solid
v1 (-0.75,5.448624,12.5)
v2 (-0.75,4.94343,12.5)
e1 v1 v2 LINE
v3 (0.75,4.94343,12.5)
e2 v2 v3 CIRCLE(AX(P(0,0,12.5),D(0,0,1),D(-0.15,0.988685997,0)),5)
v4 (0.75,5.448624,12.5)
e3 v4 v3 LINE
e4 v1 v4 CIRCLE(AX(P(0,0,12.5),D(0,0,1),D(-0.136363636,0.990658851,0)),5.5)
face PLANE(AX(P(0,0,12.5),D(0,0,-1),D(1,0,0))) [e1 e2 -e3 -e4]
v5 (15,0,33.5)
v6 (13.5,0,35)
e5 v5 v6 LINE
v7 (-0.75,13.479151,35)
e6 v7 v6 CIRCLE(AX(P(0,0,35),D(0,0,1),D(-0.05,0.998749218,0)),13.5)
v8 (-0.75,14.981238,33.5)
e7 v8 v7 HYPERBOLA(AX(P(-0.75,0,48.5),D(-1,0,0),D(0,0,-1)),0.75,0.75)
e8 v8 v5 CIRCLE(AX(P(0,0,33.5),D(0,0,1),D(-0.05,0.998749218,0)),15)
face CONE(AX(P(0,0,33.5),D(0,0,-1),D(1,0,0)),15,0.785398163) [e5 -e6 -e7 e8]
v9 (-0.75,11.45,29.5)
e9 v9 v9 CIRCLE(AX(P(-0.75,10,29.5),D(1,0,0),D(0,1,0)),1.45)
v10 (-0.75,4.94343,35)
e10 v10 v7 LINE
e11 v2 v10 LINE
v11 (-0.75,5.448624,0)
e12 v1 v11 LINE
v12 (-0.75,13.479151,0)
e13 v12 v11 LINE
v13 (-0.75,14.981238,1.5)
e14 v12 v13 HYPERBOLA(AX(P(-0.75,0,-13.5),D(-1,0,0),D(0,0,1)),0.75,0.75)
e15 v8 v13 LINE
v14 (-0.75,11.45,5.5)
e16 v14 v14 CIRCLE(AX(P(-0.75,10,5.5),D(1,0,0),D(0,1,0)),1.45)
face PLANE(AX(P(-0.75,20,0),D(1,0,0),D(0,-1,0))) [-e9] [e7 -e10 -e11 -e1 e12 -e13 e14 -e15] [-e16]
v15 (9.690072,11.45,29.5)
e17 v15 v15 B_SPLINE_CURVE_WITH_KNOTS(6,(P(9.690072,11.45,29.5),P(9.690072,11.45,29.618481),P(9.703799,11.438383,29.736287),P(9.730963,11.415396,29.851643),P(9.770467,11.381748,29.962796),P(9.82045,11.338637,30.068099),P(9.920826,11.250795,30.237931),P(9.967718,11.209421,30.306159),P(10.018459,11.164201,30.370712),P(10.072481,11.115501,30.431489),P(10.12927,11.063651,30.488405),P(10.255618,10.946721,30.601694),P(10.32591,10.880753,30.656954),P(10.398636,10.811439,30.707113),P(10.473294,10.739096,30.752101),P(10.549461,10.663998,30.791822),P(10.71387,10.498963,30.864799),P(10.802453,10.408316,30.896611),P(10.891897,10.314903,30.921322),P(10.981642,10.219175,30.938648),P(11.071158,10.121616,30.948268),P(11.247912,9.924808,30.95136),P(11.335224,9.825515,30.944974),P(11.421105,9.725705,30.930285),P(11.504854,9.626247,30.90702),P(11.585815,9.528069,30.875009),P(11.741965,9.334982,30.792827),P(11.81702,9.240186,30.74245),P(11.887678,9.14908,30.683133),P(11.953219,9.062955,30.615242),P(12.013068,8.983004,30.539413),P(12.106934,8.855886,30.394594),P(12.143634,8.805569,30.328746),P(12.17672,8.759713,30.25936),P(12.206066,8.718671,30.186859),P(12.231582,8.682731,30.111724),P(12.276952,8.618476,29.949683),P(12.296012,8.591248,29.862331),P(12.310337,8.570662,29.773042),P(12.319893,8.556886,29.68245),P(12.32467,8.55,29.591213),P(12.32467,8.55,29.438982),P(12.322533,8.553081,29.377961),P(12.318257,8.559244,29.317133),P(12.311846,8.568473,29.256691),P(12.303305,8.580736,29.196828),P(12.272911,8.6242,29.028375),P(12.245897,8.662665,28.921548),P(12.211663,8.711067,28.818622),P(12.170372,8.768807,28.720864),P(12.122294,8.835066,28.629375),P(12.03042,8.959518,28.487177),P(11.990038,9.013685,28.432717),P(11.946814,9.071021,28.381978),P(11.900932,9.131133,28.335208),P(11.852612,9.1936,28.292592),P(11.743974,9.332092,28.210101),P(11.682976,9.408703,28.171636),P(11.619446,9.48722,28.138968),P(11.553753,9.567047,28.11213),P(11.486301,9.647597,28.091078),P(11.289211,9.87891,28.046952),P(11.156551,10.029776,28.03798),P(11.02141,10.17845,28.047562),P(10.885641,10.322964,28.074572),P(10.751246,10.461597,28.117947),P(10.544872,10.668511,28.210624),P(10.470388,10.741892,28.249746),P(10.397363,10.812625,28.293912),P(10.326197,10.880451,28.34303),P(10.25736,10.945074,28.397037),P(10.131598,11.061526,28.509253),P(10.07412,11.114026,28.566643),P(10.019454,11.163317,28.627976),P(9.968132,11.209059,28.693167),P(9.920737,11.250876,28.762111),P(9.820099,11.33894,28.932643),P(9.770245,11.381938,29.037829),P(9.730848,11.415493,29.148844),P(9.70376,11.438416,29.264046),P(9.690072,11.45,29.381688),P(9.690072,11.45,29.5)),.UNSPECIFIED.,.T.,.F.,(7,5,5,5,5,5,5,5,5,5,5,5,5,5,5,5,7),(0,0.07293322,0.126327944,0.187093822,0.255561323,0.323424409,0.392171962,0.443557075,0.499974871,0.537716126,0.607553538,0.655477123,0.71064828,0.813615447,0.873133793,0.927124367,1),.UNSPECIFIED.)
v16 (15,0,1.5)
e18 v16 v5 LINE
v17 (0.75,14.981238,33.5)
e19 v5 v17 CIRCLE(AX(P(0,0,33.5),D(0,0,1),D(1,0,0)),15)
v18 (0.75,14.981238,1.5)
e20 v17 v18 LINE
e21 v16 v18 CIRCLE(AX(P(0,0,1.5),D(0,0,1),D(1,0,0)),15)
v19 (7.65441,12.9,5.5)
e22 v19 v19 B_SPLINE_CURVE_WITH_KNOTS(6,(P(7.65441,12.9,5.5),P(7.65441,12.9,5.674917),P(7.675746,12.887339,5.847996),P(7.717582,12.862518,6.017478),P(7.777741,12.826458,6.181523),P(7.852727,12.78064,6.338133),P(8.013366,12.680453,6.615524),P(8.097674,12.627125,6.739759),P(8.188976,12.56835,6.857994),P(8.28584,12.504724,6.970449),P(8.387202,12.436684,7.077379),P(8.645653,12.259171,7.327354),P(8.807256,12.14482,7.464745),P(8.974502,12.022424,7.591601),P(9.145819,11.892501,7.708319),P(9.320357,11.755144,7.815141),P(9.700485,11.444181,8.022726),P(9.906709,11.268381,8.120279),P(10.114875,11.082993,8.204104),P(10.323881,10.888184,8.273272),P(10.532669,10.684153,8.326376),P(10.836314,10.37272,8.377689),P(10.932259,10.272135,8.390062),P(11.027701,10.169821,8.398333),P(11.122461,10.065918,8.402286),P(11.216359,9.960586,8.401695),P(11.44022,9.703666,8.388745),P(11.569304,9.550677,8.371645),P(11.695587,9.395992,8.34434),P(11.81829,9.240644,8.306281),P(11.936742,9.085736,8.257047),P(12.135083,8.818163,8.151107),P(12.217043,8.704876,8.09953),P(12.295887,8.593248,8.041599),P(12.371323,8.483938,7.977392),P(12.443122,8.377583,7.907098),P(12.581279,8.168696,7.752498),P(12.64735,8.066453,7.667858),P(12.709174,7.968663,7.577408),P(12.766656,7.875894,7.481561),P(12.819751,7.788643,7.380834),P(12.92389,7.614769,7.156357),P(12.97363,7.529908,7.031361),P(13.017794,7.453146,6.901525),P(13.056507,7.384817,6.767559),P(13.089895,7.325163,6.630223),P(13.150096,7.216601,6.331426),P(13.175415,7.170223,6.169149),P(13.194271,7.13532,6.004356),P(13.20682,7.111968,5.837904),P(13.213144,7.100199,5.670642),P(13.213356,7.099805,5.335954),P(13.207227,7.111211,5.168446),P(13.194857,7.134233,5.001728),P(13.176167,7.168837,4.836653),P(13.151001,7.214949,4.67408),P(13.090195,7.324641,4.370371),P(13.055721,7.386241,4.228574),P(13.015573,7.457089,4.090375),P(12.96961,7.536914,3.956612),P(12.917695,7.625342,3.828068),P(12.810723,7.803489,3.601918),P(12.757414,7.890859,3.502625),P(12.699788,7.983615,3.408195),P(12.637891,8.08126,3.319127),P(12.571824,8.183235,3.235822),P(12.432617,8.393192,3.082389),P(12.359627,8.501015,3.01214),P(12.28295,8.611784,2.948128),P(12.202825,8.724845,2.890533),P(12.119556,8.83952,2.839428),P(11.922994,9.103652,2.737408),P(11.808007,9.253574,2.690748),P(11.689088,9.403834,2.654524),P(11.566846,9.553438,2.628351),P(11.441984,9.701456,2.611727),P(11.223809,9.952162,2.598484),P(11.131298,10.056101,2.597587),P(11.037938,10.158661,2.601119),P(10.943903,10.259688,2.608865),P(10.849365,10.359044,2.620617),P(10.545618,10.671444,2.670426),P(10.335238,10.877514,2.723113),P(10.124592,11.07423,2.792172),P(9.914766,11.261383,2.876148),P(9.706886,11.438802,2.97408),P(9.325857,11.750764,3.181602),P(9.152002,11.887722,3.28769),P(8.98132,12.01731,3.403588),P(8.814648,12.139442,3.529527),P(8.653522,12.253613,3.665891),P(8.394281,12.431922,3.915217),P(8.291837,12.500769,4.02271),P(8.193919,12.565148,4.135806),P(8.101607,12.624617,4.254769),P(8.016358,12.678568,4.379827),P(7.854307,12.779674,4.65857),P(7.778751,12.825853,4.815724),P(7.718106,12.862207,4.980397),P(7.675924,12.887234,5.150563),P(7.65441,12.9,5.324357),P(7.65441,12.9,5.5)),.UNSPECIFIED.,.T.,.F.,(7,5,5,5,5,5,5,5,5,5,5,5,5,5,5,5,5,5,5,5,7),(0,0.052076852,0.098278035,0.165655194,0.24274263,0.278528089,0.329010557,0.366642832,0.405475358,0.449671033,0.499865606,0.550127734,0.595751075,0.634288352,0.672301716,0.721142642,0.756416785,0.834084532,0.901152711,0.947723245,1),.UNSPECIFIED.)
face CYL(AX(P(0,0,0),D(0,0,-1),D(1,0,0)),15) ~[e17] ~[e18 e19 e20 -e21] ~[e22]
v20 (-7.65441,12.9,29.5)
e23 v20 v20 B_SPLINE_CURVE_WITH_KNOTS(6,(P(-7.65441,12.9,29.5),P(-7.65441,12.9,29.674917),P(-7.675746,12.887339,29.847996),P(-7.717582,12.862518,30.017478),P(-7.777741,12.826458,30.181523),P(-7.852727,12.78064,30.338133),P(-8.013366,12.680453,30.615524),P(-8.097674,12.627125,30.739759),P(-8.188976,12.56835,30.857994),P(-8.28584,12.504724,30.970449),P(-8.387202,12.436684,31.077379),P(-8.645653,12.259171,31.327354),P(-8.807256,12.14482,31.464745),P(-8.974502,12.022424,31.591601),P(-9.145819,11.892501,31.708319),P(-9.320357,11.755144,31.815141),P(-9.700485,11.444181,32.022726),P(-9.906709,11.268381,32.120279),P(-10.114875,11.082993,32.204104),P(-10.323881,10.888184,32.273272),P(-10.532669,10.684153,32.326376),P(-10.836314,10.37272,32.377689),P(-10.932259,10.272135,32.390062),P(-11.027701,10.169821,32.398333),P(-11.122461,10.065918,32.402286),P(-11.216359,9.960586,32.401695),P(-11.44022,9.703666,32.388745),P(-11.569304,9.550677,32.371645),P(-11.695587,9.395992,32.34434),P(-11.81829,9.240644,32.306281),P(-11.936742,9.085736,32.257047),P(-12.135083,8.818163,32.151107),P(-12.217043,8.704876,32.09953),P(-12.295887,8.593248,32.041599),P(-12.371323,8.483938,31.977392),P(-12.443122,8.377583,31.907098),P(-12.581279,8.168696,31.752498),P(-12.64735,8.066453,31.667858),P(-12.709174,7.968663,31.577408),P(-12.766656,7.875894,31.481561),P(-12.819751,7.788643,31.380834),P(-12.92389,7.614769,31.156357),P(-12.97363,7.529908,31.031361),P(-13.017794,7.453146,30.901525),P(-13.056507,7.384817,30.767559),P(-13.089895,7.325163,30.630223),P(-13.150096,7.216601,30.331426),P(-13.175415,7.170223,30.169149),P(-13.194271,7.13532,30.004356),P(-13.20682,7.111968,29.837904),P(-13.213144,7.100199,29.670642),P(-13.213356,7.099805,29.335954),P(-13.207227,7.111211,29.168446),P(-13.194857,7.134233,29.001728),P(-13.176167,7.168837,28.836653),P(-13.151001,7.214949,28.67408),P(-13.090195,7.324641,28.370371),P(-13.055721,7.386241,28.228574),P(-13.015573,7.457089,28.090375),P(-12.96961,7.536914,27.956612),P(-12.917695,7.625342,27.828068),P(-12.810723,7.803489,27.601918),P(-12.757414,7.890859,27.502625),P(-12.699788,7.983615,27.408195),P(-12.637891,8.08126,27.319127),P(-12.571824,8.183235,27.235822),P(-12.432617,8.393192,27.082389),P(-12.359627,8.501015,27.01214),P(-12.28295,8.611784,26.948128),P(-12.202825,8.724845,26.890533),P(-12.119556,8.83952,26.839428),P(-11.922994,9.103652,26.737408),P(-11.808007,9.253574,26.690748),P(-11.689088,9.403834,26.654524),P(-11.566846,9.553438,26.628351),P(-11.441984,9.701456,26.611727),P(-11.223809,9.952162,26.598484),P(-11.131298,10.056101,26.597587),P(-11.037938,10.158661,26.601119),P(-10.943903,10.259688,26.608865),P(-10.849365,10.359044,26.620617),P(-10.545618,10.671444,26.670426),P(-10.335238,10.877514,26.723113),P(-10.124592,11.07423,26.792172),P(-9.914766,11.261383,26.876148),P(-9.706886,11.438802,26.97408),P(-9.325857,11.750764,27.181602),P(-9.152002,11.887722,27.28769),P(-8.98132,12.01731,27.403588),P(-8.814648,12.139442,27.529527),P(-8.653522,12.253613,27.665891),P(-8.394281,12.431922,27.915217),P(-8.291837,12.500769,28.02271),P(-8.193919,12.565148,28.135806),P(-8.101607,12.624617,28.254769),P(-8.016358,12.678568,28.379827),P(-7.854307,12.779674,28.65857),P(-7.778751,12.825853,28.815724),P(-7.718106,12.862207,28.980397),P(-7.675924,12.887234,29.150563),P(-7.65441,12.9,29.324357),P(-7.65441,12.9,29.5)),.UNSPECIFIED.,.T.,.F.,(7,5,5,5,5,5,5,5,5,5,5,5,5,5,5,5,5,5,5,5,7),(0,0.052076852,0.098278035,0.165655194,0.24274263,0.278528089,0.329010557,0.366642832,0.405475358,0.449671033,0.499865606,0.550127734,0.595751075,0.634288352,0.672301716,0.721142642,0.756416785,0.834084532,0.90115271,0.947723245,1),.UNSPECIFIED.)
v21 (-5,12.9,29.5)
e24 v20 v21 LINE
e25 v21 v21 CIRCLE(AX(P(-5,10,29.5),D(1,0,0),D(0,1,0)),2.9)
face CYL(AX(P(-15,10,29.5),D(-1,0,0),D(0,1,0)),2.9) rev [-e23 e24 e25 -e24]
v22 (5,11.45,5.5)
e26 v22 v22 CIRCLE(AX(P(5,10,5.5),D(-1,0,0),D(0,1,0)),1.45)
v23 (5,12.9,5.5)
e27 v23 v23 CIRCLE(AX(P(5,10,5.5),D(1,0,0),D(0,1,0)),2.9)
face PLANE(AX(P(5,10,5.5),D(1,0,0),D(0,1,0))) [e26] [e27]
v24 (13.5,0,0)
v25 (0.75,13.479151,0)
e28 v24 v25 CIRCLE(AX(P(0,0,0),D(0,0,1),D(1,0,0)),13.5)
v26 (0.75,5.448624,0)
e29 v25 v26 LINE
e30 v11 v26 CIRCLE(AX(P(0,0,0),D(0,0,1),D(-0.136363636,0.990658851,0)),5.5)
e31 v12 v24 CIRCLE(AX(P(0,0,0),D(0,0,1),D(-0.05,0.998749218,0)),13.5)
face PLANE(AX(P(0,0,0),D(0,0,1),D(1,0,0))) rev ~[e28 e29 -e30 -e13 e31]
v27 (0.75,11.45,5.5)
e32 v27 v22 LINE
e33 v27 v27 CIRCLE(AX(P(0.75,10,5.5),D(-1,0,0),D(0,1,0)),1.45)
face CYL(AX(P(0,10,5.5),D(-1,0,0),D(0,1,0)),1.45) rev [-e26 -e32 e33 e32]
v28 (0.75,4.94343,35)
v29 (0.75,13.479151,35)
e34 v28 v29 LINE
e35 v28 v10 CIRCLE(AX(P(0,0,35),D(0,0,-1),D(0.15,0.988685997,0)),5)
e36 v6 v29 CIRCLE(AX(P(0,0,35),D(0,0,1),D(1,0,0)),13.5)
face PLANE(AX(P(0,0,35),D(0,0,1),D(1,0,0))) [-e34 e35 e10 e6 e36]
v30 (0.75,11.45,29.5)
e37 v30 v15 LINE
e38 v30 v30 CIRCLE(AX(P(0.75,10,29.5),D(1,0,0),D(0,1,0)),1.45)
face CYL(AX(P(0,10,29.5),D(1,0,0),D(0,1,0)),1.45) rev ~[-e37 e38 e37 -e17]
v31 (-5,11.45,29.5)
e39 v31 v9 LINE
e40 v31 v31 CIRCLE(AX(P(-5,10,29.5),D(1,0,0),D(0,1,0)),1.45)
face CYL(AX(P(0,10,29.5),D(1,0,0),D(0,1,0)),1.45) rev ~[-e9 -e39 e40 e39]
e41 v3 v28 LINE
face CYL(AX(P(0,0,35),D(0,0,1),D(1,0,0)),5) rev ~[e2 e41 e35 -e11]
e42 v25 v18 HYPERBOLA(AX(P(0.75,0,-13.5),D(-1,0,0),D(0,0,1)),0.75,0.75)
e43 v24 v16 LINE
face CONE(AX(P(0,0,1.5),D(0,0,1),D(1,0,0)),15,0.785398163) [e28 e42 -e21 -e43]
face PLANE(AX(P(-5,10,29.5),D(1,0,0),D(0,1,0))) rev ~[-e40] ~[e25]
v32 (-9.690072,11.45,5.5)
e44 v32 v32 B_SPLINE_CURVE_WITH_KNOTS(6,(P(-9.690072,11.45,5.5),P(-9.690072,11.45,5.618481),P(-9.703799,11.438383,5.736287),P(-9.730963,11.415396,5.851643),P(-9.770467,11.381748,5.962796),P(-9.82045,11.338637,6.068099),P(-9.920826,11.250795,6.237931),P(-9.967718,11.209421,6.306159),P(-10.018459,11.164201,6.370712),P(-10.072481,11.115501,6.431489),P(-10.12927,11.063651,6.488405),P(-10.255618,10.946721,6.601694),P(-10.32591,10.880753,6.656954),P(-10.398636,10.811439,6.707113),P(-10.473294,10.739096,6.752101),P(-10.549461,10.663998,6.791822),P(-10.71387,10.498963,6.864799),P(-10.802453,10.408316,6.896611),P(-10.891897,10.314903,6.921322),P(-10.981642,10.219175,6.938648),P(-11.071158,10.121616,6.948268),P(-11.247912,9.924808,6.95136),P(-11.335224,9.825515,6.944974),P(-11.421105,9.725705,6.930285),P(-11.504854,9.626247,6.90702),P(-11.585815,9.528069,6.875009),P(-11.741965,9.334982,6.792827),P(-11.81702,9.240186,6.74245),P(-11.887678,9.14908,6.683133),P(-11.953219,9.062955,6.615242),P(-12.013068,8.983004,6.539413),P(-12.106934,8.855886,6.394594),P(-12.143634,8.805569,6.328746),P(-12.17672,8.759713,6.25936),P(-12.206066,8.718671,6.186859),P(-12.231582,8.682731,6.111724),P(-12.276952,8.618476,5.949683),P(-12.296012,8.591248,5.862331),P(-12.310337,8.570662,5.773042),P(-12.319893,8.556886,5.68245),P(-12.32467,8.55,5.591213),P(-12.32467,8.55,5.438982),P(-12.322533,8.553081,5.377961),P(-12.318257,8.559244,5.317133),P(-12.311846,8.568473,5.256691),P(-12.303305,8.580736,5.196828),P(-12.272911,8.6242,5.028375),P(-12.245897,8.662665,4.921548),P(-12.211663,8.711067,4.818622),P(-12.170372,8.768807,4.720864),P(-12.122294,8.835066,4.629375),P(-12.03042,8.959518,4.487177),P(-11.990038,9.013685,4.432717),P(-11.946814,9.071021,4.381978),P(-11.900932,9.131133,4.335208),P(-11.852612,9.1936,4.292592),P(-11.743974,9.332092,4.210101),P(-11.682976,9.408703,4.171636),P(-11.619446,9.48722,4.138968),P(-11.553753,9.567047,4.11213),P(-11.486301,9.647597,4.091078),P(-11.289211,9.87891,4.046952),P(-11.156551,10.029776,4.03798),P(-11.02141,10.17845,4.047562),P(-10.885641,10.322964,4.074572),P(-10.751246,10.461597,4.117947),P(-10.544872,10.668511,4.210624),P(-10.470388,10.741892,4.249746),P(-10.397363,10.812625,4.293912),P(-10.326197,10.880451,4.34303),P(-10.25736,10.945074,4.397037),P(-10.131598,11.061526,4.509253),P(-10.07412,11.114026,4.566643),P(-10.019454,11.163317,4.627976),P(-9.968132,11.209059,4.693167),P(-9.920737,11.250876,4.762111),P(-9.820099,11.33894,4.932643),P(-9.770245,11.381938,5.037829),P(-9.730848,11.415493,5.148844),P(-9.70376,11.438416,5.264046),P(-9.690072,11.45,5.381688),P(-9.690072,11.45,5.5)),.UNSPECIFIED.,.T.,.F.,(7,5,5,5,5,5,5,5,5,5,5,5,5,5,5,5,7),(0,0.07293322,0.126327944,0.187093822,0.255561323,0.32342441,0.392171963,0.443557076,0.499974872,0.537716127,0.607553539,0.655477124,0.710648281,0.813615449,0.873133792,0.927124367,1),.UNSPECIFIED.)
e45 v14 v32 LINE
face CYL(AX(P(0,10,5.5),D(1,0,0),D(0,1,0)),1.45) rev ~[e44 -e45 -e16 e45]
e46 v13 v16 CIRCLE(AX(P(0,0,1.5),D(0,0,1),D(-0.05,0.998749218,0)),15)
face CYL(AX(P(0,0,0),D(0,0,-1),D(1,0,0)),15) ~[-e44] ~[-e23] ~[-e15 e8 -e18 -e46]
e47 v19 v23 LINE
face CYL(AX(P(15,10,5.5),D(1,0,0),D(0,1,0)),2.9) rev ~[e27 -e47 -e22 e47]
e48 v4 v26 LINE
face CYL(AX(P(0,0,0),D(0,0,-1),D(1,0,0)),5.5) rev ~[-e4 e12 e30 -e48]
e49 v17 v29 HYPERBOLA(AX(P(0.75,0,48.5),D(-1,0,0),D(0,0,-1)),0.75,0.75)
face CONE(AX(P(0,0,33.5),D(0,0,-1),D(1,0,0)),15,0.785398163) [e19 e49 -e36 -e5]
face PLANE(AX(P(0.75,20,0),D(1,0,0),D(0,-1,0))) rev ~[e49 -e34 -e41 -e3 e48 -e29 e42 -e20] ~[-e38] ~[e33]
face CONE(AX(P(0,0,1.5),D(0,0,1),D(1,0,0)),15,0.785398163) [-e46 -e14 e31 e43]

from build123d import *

# Parameters (mm, degrees)
F0_R      = 15
F1_DEPTH  = 35
F2_R      = 5
F3_DEPTH  = 35.001
F4_R      = 5.5
F5_DEPTH  = 12.5
F6_W      = 1.5
F6_H      = 20
F7_DEPTH  = 35.001
F8_R      = 1.45
F9_DEPTH  = 12.5
F11_R     = 2.9
F12_DEPTH = 10
F14_R     = 2.9
F15_DEPTH = 10
F16_SIZE  = 1.5


with BuildPart() as f1:
    # F0 (on Top) → F1 (new body)
    with BuildSketch(Plane.XY):
        Circle(F0_R)
    extrude(amount=F1_DEPTH)

    # F2 (on face) → F3 (cut, through all)
    with BuildSketch(Plane.XY.offset(35)):
        Circle(F2_R)
    extrude(amount=-F3_DEPTH, mode=Mode.SUBTRACT)

    # F4 (on face) → F5 (cut)
    with BuildSketch(Plane(origin=(0, 0, 0), x_dir=(1, 0, 0), z_dir=(0, 0, -1))):
        Circle(F4_R)
    extrude(amount=-F5_DEPTH, mode=Mode.SUBTRACT)

    # F6 (on face) → F7 (cut, through all)
    with BuildSketch(Plane(origin=(0, 0, 0), x_dir=(1, 0, 0), z_dir=(0, 0, -1))):
        with Locations((0, -10)):
            Rectangle(F6_W, F6_H)
    extrude(amount=-F7_DEPTH, mode=Mode.SUBTRACT)

    # F8 (on Right) → F9 (cut, symmetric)
    with BuildSketch(Plane.YZ):
        with Locations((10, 5.5)):
            Circle(F8_R)
        with Locations((10, 29.5)):
            Circle(F8_R)
    extrude(amount=F9_DEPTH, both=True, mode=Mode.SUBTRACT)

    # F11 (on offset) → F12 (cut)
    with BuildSketch(Plane.YZ.offset(15)):
        with Locations((10, 5.5)):
            Circle(F11_R)
    extrude(amount=-F12_DEPTH, mode=Mode.SUBTRACT)

    # F14 (on offset) → F15 (cut)
    with BuildSketch(Plane.YZ.offset(-15)):
        with Locations((10, 29.5)):
            Circle(F14_R)
    extrude(amount=F15_DEPTH, mode=Mode.SUBTRACT)

    # F16
    f16_edges = [f1.edges().sort_by_distance(p)[0] for p in [
        (-10.338037, -10.868533, 0),
        (-10.338037, -10.868533, 35),
    ]]
    chamfer(f16_edges, length=F16_SIZE)


solid = f1.part
